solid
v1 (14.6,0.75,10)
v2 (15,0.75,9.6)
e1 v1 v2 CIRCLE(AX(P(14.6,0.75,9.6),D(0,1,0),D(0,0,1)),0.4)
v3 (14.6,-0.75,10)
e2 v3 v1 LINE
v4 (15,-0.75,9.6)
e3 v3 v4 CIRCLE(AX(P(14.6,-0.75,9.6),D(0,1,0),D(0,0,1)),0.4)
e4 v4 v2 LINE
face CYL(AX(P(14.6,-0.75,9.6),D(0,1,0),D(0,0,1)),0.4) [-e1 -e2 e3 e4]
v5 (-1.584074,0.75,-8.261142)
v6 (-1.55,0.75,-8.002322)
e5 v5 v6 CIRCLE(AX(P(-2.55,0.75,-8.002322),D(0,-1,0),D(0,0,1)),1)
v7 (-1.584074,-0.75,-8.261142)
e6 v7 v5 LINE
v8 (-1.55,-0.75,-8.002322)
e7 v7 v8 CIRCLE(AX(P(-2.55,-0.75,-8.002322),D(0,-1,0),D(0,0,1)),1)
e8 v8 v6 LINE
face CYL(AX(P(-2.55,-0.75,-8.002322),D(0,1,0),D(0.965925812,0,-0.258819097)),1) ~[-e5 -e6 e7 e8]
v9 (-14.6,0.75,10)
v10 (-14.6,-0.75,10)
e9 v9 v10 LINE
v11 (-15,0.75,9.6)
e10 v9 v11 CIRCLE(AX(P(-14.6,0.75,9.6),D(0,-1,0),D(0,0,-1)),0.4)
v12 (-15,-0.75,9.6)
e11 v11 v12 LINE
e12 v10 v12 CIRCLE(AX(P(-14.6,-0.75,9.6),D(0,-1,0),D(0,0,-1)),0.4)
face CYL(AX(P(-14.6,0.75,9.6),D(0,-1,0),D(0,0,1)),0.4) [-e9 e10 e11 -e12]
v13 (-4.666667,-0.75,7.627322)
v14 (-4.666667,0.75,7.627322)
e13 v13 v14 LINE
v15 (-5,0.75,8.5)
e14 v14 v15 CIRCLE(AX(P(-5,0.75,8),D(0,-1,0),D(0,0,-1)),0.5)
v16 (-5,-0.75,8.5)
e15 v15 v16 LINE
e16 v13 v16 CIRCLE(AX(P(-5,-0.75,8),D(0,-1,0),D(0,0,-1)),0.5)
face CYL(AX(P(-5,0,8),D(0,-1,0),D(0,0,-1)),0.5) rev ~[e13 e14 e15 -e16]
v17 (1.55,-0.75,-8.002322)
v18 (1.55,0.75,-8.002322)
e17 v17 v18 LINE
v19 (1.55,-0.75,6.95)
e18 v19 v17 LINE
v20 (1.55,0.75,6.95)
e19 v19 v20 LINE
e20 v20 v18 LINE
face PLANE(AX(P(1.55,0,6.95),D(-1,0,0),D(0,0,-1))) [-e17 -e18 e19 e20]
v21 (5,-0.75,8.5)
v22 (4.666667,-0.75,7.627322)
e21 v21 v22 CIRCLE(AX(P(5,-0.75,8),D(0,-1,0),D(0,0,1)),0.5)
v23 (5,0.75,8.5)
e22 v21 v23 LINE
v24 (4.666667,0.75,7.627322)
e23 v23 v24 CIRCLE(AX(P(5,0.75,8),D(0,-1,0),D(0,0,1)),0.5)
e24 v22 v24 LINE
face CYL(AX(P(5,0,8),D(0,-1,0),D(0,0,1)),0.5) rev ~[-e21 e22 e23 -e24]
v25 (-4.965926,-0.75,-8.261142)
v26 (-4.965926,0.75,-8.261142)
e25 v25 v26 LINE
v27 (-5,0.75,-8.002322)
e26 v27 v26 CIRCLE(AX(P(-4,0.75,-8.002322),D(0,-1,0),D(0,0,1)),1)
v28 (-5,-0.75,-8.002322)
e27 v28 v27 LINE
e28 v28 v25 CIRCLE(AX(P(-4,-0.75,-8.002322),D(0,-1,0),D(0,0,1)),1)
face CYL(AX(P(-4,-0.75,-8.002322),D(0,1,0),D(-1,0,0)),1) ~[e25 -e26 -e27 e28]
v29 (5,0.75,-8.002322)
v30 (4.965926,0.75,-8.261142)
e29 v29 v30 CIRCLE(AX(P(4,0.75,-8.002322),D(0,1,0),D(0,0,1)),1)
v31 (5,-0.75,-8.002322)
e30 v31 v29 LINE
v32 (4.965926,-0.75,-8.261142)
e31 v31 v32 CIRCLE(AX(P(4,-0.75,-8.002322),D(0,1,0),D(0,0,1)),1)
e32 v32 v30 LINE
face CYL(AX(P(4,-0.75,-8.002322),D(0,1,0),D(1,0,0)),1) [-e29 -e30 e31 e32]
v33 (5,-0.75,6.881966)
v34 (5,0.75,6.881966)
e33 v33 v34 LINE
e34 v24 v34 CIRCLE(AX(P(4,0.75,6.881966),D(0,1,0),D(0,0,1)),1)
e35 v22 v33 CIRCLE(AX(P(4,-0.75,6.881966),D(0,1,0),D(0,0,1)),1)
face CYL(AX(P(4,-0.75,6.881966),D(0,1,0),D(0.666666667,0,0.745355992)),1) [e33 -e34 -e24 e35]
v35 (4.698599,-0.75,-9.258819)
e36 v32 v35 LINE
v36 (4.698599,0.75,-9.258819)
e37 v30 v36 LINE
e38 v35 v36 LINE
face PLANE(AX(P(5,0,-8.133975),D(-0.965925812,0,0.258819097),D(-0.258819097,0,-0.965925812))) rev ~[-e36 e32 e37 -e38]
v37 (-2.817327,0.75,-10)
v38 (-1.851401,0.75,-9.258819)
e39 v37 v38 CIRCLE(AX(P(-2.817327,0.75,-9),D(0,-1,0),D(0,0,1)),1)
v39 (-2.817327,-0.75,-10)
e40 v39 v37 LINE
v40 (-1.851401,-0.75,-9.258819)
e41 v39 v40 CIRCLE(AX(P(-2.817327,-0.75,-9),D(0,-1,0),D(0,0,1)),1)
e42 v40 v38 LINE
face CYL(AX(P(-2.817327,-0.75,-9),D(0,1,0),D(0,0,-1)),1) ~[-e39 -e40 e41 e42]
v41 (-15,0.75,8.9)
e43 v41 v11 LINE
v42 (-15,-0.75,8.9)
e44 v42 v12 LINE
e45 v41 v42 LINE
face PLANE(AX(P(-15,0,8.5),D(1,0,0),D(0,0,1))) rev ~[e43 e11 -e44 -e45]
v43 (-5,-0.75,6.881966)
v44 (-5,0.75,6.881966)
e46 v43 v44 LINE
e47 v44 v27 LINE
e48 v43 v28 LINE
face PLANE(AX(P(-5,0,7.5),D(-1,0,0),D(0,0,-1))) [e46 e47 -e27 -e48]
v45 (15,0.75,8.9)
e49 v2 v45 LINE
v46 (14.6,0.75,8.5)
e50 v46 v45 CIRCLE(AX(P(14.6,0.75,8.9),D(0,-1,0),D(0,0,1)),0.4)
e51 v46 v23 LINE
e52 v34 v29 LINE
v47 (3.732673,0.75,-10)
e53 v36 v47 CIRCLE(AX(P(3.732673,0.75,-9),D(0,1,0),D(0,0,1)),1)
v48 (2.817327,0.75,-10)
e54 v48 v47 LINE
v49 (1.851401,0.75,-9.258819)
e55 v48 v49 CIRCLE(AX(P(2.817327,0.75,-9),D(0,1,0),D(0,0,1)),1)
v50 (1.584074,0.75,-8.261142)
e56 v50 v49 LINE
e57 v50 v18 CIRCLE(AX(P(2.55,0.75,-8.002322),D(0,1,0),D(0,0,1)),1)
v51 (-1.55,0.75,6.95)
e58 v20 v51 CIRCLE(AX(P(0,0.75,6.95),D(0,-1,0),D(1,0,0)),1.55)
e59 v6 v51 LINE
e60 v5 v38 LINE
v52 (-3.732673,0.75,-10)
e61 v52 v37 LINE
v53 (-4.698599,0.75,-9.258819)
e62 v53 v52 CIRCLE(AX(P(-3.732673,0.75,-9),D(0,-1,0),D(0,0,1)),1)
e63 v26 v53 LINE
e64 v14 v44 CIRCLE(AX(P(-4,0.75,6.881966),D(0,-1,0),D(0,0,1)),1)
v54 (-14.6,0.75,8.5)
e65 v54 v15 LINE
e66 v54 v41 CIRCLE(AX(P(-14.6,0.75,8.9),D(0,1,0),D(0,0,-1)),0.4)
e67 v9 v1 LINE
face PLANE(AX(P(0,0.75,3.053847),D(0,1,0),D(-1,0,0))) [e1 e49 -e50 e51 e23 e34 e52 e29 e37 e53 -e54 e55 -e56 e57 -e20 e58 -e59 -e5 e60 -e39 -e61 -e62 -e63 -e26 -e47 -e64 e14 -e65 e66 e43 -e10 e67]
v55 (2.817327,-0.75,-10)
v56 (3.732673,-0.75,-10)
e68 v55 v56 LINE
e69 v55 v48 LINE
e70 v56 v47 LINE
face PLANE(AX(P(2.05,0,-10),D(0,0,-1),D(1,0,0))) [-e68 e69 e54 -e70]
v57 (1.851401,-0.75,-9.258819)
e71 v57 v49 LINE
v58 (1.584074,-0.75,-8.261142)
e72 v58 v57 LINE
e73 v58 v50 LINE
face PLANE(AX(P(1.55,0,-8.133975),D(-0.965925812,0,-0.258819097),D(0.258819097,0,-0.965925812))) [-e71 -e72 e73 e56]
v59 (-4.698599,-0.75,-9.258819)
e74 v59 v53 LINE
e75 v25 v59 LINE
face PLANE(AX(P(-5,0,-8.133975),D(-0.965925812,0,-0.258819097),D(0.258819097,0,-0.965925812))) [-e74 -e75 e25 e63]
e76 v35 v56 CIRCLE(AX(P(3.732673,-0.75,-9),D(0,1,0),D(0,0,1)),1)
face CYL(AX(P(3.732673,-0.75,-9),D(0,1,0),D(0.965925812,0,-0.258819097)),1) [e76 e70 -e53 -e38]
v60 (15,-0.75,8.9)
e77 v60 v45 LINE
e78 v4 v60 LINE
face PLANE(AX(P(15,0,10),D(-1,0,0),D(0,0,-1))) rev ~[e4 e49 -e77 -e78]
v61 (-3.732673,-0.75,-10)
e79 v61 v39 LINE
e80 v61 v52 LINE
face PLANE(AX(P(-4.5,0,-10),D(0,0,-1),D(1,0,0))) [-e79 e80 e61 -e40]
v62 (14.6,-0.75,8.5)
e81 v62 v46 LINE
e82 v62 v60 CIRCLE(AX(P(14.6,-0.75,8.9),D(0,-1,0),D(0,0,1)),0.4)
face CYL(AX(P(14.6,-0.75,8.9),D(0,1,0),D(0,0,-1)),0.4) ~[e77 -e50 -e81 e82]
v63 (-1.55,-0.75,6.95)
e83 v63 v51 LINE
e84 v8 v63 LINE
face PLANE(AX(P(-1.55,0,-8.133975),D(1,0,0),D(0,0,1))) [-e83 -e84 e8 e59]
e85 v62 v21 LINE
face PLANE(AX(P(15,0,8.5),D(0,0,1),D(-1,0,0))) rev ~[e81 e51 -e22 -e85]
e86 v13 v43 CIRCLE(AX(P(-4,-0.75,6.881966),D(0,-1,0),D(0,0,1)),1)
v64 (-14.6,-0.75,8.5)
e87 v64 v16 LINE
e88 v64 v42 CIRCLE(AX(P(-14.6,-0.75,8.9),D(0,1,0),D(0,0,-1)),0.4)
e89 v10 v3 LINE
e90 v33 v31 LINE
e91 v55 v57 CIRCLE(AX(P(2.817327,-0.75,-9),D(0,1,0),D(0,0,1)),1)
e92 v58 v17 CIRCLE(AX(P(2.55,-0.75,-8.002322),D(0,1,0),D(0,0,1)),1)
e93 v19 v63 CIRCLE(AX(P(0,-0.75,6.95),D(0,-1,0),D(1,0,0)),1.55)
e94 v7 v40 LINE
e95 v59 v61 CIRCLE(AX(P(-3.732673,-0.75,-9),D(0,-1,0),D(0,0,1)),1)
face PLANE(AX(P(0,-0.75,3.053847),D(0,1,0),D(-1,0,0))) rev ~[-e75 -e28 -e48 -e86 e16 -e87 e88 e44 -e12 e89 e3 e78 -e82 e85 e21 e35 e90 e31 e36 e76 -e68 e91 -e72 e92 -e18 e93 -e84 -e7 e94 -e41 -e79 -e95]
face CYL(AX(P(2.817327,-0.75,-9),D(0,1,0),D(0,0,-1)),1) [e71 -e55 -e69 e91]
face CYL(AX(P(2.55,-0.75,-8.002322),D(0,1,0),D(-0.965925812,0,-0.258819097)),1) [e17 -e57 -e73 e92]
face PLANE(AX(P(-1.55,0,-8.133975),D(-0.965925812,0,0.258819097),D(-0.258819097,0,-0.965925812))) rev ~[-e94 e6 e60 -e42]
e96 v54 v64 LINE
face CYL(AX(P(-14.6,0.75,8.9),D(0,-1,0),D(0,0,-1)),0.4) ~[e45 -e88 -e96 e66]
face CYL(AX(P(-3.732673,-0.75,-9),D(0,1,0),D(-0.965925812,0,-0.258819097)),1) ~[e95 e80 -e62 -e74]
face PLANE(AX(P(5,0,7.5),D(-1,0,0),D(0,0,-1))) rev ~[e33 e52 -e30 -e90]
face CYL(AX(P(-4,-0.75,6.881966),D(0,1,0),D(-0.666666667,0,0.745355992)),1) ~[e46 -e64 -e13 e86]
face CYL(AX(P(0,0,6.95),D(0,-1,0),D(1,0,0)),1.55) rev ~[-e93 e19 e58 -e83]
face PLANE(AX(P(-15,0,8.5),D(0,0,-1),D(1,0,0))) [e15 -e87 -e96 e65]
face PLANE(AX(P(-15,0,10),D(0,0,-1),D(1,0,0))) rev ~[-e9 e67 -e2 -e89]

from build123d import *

# Parameters (mm, degrees)
PAD013_DEPTH = 0.75
FILLET018_R  = 0.4
FILLET019_R  = 1


with BuildPart() as part:
    # Sketch016 → Pad013 (new body, symmetric)
    with BuildSketch(Plane.XZ):
        with BuildLine():
            Line((-15, 10), (15, 10))
            Line((15, 10), (15, 8.5))
            Line((15, 8.5), (6, 8.5))
            Line((6, 8.5), (5, 8.5))
            ThreePointArc((5, 8.5), (4.5, 8), (5, 7.5))
            Line((5, 7.5), (5, -8.133975))
            Line((5, -8.133975), (4.5, -10))
            Line((2.05, -10), (4.5, -10))
            Line((1.55, -8.133975), (2.05, -10))
            Line((1.55, 6.95), (1.55, -8.133975))
            ThreePointArc((1.55, 6.95), (0, 8.5), (-1.55, 6.95))
            Line((-1.55, -8.133975), (-1.55, 6.95))
            Line((-1.55, -8.133975), (-2.05, -10))
            Line((-4.5, -10), (-2.05, -10))
            Line((-5, -8.133975), (-4.5, -10))
            Line((-5, 7.5), (-5, -8.133975))
            ThreePointArc((-5, 7.5), (-4.5, 8), (-5, 8.5))
            Line((-6, 8.5), (-5, 8.5))
            Line((-15, 8.5), (-6, 8.5))
            Line((-15, 8.5), (-15, 10))
        make_face()
    extrude(amount=PAD013_DEPTH, both=True)

    # Fillet018
    fillet018_edges = [part.edges().sort_by_distance(p)[0] for p in [
        (-15, 0, 10),
        (-15, 0, 8.5),
        (15, 0, 10),
        (15, 0, 8.5),
    ]]
    fillet(fillet018_edges, radius=FILLET018_R)

    # Fillet019
    fillet019_edges = [part.edges().sort_by_distance(p)[0] for p in [
        (-5, 0, 7.5),
        (-5, 0, -8.133975),
        (-4.5, 0, -10),
        (-2.05, 0, -10),
        (-1.55, 0, -8.133975),
        (1.55, 0, -8.133975),
        (2.05, 0, -10),
        (4.5, 0, -10),
        (5, 0, -8.133975),
        (5, 0, 7.5),
    ]]
    fillet(fillet019_edges, radius=FILLET019_R)


solid = part.part
